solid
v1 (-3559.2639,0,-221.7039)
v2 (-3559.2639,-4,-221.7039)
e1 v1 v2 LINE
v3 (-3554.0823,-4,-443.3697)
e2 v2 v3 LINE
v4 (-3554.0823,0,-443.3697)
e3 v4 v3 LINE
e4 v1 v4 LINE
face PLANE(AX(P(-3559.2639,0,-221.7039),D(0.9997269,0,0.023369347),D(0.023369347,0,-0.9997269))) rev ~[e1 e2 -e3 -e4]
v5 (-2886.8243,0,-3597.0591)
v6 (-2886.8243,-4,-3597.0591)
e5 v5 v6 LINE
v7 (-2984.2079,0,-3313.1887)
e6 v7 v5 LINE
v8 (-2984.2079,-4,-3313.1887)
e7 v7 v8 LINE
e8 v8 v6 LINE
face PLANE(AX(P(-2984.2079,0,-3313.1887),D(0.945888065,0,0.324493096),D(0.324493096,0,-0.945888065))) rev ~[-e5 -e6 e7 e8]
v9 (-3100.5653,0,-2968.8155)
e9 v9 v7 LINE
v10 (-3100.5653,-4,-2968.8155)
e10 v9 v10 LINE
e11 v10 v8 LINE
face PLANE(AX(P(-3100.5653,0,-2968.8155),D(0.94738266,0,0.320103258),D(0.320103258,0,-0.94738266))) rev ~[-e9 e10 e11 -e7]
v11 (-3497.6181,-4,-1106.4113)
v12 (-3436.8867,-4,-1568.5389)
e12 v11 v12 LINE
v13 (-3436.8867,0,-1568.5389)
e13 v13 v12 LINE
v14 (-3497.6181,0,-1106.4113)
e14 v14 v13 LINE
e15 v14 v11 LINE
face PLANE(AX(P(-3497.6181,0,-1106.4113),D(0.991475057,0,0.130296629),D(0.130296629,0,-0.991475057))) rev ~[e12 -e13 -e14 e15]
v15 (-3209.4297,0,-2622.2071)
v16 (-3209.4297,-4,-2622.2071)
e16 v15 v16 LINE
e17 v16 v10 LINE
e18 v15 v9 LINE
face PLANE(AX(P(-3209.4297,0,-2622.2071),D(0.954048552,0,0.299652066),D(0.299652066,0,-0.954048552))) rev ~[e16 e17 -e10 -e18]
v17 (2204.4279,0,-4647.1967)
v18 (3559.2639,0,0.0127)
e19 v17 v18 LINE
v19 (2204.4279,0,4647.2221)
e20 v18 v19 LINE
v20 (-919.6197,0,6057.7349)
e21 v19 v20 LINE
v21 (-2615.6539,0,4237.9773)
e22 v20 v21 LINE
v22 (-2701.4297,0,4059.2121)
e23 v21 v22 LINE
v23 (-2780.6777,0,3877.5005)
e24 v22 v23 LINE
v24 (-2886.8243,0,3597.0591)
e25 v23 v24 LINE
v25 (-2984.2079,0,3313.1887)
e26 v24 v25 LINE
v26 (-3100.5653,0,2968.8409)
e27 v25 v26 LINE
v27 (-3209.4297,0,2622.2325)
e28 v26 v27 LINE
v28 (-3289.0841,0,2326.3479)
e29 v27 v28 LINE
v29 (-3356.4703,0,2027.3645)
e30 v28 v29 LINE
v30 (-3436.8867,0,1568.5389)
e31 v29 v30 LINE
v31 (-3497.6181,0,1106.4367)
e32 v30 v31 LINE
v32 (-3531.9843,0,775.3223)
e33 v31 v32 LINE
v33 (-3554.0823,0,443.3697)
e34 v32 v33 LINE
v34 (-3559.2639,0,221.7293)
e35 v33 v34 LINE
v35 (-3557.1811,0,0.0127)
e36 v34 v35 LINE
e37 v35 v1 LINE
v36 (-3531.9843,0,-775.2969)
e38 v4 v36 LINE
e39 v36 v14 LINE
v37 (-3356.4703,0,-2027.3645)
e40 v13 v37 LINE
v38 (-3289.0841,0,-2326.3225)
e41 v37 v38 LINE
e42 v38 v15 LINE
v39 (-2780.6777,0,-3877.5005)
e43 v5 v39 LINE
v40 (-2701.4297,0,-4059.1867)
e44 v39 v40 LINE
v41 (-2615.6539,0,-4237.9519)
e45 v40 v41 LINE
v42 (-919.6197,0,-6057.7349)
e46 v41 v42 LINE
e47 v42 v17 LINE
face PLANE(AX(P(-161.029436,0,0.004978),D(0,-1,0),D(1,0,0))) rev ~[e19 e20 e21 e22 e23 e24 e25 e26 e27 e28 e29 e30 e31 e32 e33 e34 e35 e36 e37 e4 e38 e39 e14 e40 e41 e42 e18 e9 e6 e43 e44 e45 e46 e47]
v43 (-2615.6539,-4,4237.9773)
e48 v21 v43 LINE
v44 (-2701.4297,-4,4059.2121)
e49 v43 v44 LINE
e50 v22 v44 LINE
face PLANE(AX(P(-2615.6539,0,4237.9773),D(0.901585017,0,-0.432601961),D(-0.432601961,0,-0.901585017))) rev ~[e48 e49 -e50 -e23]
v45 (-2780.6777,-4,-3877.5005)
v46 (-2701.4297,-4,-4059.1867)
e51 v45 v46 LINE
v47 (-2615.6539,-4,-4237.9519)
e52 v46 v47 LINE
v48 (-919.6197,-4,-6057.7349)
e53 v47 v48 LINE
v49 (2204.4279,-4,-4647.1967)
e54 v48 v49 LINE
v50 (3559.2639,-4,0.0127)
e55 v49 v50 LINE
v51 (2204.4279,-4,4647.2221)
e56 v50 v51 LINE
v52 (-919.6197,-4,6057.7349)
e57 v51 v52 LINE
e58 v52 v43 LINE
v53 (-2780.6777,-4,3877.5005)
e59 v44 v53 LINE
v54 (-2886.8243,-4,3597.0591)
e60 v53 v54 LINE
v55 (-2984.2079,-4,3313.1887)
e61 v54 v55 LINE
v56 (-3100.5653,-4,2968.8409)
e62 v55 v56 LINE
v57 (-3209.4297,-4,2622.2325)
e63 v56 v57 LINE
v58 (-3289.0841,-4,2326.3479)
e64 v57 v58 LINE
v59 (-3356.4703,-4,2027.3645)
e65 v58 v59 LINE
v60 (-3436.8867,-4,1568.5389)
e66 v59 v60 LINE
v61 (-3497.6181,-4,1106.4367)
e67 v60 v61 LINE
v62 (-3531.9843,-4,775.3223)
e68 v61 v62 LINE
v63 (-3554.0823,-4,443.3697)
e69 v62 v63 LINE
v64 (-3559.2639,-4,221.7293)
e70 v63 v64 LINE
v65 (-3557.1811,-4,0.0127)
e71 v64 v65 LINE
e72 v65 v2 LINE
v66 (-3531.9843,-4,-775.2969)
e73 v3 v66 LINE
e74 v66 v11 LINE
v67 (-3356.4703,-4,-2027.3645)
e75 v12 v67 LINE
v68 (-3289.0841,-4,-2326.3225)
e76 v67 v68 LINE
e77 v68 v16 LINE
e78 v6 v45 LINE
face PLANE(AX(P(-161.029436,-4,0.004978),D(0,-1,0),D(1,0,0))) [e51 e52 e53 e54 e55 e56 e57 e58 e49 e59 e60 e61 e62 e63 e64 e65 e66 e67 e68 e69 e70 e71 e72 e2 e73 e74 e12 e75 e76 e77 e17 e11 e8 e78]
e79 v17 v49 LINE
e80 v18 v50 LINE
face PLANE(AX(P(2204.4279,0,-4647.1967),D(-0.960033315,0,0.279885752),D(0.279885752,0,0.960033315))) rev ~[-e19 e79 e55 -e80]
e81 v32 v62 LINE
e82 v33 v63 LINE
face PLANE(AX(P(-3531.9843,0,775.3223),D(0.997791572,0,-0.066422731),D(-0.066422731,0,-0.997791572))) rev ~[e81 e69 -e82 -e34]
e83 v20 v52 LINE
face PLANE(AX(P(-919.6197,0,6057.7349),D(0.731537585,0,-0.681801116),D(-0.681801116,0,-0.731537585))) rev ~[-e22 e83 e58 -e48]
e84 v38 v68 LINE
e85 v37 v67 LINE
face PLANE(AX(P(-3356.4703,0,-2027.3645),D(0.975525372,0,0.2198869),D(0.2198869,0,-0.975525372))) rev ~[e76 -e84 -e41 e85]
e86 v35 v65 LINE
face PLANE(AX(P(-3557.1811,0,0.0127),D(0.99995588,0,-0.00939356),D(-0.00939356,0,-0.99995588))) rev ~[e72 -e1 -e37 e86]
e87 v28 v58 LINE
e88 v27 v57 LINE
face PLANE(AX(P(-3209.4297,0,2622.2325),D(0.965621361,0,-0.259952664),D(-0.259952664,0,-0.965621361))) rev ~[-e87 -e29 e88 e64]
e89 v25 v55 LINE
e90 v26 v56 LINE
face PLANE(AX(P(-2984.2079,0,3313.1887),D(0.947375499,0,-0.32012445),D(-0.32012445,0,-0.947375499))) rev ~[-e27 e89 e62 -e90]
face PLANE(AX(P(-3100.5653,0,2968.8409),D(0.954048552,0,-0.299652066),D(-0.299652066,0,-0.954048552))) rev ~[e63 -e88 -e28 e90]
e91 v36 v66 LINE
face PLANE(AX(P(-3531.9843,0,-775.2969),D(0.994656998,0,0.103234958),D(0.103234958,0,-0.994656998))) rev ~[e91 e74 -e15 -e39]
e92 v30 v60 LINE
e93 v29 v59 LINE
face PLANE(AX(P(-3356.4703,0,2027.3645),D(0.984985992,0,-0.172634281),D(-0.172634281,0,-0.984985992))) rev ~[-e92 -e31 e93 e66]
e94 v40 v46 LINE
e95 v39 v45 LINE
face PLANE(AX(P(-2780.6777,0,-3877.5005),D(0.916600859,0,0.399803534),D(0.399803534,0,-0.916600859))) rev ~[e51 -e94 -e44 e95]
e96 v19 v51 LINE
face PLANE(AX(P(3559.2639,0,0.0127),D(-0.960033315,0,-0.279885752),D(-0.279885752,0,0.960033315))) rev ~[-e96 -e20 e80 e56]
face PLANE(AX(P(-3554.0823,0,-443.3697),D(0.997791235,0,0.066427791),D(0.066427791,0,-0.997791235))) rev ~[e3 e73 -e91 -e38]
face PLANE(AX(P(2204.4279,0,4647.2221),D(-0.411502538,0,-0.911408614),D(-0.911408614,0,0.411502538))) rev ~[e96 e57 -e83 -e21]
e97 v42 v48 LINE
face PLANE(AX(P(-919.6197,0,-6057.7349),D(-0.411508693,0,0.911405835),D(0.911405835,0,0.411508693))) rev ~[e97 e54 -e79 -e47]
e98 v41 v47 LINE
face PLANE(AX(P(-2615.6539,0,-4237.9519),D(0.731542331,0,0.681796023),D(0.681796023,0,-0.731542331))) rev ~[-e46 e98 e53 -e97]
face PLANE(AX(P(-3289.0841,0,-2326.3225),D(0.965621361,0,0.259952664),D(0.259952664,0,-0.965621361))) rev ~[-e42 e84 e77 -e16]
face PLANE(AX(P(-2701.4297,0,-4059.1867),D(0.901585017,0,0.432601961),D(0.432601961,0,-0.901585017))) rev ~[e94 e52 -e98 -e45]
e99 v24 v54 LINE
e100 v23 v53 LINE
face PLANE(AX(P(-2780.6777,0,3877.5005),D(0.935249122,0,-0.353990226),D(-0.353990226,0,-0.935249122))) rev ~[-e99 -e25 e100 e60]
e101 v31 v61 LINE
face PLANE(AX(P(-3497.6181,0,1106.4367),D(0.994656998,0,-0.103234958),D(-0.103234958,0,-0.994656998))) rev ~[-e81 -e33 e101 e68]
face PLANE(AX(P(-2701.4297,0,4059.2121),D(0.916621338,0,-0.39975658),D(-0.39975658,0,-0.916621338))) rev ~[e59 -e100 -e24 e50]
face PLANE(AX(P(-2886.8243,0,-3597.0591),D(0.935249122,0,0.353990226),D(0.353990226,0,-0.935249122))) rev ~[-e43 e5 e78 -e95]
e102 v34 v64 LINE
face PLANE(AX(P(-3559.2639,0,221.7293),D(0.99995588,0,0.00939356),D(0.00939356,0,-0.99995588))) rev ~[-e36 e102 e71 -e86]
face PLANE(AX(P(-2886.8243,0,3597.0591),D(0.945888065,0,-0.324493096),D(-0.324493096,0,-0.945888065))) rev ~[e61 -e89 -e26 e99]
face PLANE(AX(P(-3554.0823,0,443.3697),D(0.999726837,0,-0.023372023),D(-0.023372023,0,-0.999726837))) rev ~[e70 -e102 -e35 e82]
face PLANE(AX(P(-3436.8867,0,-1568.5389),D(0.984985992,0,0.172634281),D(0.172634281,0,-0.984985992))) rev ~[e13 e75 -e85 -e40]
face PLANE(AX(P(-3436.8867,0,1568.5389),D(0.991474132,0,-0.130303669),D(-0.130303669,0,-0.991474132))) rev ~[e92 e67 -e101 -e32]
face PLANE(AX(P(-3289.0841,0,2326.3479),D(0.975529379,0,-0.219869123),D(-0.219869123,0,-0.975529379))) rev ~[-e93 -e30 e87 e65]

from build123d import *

# Parameters (mm, degrees)
F1_DEPTH = 4


with BuildPart() as f1:
    # F0 (on Front) → F1 (new body)
    with BuildSketch(Plane.XZ):
        Polygon((-2615.6539, -4237.9519), (-919.6197, -6057.7349), (2204.4279, -4647.1967), (3559.2639, 0.0127), (2204.4279, 4647.2221), (-919.6197, 6057.7349), (-2615.6539, 4237.9773), (-2701.4297, 4059.2121), (-2780.6777, 3877.5005), (-2886.8243, 3597.0591), (-2984.2079, 3313.1887), (-3100.5653, 2968.8409), (-3209.4297, 2622.2325), (-3289.0841, 2326.3479), (-3356.4703, 2027.3645), (-3436.8867, 1568.5389), (-3497.6181, 1106.4367), (-3531.9843, 775.3223), (-3554.0823, 443.3697), (-3559.2639, 221.7293), (-3557.1811, 0.0127), (-3559.2639, -221.7039), (-3554.0823, -443.3697), (-3531.9843, -775.2969), (-3497.6181, -1106.4113), (-3436.8867, -1568.5389), (-3356.4703, -2027.3645), (-3289.0841, -2326.3225), (-3209.4297, -2622.2071), (-3100.5653, -2968.8155), (-2984.2079, -3313.1887), (-2886.8243, -3597.0591), (-2780.6777, -3877.5005), (-2701.4297, -4059.1867), align=None)
    extrude(amount=F1_DEPTH)


solid = f1.part
